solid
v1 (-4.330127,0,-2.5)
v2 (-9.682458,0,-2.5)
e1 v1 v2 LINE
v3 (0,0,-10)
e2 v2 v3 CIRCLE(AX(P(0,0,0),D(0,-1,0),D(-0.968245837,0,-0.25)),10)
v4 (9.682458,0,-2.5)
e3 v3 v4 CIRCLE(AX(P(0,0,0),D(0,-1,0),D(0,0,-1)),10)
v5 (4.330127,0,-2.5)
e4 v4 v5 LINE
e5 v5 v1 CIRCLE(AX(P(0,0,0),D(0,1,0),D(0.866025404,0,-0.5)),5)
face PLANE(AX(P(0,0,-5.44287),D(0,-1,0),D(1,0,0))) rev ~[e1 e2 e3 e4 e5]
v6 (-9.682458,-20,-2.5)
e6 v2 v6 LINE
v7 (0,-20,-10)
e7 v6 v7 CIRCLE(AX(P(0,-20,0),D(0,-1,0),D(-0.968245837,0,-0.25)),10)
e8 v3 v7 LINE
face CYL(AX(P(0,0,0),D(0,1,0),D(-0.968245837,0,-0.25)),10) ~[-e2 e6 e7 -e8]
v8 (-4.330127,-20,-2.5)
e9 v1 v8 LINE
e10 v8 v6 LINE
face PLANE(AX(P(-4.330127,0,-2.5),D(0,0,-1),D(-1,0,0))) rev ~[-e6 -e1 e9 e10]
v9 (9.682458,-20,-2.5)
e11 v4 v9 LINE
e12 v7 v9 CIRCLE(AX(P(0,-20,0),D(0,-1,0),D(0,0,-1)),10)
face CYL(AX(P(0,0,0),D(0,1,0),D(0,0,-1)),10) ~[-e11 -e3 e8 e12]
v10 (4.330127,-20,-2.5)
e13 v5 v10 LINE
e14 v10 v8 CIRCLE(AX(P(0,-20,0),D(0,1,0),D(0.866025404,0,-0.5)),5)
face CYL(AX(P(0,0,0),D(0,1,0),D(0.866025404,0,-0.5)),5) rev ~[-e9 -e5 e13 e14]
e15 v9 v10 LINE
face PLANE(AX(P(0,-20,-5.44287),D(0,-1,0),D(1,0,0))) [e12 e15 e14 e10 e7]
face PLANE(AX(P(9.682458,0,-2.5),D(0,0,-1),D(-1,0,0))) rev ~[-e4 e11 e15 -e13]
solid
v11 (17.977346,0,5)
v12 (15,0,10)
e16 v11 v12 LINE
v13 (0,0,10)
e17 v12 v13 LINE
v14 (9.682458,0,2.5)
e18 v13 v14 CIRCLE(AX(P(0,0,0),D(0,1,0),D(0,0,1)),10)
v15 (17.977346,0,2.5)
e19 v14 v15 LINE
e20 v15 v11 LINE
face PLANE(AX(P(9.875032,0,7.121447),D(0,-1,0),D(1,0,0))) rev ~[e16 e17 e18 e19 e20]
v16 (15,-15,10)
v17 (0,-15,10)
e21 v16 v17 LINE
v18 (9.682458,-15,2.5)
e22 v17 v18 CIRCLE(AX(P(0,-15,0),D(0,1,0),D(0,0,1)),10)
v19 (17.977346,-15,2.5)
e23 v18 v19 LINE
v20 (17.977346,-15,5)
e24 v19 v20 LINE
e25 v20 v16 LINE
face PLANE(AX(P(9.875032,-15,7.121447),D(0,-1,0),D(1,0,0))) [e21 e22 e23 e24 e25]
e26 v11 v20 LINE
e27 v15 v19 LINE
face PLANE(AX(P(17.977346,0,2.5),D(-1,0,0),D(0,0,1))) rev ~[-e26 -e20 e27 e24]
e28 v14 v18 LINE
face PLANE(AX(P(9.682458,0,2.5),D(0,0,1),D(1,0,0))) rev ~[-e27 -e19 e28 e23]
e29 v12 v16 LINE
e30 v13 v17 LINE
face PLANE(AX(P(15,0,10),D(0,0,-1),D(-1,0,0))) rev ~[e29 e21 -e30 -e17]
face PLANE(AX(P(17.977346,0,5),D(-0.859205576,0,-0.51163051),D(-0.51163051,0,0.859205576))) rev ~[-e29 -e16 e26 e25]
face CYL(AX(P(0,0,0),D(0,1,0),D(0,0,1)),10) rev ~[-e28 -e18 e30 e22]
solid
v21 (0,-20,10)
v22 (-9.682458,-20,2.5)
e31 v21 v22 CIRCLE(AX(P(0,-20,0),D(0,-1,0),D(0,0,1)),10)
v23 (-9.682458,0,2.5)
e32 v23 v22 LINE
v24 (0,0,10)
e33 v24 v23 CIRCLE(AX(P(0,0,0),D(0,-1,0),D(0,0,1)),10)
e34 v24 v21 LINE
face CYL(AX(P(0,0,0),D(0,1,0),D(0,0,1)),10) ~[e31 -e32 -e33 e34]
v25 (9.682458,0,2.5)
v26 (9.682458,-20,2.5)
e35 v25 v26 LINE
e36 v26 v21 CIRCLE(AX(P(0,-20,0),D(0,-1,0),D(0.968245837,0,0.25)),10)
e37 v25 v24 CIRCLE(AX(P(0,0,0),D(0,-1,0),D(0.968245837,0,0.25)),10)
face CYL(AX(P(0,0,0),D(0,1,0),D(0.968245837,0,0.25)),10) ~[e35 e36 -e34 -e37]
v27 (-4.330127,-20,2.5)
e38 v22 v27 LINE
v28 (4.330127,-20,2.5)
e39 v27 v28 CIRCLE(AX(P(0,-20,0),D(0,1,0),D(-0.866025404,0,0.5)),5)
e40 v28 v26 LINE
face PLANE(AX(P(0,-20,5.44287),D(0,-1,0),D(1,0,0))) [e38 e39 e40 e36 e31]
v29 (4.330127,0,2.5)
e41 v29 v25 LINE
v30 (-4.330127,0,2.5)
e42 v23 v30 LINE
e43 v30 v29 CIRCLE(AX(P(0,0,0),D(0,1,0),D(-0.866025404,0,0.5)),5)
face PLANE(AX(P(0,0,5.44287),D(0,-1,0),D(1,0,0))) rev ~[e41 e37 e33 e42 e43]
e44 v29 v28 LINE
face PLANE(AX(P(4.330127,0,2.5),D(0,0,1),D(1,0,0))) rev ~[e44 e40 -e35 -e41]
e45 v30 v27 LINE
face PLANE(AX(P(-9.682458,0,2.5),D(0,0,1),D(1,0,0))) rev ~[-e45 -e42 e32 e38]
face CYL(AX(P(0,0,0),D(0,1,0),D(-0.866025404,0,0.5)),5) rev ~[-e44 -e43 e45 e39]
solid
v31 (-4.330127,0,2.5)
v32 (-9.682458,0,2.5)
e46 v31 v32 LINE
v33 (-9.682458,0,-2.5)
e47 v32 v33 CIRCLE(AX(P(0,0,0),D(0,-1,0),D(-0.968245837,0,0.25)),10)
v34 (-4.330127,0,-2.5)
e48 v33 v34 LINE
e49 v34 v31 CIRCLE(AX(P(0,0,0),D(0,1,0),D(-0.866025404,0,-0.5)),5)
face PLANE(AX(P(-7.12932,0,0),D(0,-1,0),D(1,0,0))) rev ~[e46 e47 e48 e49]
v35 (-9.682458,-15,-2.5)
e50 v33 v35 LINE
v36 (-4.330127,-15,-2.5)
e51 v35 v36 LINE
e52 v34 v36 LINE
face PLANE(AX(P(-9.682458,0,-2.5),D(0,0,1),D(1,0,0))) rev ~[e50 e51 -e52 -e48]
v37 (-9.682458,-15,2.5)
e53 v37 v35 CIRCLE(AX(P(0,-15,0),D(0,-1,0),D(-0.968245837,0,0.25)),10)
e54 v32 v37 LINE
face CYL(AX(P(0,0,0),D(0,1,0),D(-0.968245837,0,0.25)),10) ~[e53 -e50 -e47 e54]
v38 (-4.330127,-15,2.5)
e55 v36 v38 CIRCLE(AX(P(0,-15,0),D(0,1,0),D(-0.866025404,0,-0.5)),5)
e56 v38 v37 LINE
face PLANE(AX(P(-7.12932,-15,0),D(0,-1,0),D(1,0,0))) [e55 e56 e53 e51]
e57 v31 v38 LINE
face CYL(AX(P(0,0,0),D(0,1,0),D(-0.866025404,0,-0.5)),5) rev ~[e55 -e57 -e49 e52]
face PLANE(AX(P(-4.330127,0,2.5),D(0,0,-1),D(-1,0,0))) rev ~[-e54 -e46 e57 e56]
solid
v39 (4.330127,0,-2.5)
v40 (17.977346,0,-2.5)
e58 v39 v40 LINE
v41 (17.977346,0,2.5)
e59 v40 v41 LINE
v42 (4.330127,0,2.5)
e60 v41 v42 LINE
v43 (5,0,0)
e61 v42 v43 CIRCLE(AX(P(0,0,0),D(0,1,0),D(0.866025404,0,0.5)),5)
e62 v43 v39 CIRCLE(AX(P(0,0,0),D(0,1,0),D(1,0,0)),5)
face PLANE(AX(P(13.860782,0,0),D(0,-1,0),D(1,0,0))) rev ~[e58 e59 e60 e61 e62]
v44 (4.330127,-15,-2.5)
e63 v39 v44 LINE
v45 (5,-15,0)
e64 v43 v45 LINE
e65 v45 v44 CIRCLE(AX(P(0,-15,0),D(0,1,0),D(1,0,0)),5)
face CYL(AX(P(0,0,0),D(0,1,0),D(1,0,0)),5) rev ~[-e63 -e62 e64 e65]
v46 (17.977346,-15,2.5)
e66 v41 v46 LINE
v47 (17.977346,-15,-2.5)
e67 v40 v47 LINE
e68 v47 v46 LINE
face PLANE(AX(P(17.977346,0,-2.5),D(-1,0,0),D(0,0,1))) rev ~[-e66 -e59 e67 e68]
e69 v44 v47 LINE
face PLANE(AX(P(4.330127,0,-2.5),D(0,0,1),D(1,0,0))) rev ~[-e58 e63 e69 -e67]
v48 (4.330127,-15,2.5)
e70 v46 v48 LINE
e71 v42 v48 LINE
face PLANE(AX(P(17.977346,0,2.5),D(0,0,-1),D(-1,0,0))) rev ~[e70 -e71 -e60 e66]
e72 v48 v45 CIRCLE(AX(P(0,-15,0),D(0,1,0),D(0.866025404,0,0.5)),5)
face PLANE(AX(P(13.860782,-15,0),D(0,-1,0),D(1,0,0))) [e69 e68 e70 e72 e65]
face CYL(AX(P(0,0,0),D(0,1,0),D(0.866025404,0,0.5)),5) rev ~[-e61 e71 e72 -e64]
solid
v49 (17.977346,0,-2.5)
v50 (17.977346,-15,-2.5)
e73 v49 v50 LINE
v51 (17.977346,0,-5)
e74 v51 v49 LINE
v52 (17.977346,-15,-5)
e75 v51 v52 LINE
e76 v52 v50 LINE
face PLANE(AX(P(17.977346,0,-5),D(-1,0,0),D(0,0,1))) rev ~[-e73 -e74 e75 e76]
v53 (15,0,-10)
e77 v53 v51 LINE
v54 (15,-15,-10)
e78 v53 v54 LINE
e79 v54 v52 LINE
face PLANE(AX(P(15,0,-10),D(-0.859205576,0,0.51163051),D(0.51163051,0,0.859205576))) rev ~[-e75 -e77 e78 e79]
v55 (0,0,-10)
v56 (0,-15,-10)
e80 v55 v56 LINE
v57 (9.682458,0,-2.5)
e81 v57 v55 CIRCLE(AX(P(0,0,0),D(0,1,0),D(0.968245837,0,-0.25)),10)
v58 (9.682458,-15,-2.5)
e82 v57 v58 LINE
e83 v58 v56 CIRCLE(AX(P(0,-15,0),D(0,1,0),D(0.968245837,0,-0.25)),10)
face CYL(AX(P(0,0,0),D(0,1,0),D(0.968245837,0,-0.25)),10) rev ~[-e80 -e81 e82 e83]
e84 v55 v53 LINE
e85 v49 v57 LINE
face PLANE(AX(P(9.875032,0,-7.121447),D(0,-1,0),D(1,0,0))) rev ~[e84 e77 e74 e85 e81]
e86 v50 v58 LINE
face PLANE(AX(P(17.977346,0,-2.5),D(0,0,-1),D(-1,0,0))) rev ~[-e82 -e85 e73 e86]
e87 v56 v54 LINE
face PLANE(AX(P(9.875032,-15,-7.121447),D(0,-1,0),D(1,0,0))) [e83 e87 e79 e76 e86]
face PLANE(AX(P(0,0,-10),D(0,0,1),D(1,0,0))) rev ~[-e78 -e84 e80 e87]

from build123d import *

# Parameters (mm, degrees)
F1_DEPTH = 20
F2_DEPTH = 15
F3_DEPTH = 15


with BuildPart() as f1:
    # F0 (on Front) → F1 (new body)
    with BuildSketch(Plane.XZ):
        with BuildLine():
            ThreePointArc((9.6824583655, 2.5), (6.123724357, 7.9056941504), (0, 10))
            ThreePointArc((0, 10), (-6.123724357, 7.9056941504), (-9.6824583655, 2.5))
            Line((-9.6824583655, 2.5), (-4.3301270189, 2.5))
            ThreePointArc((-4.3301270189, 2.5), (0, 5), (4.3301270189, 2.5))
            Line((4.3301270189, 2.5), (9.6824583655, 2.5))
        make_face()
    extrude(amount=F1_DEPTH)


with BuildPart() as f1b:
    # F0 (on Front) → F1, piece 2 (new body)
    with BuildSketch(Plane.XZ):
        with BuildLine():
            Line((-4.3301270189, -2.5), (-9.6824583655, -2.5))
            ThreePointArc((-9.6824583655, -2.5), (-6.123724357, -7.9056941504), (0, -10))
            ThreePointArc((0, -10), (6.123724357, -7.9056941504), (9.6824583655, -2.5))
            Line((9.6824583655, -2.5), (4.3301270189, -2.5))
            ThreePointArc((4.3301270189, -2.5), (0, -5), (-4.3301270189, -2.5))
        make_face()
    extrude(amount=F1_DEPTH)


with BuildPart() as f2:
    # F0 (on Front) → F2 (new body)
    with BuildSketch(Plane.XZ):
        with BuildLine():
            Line((15, 10), (0, 10))
            ThreePointArc((0, 10), (6.123724357, 7.9056941504), (9.6824583655, 2.5))
            Line((9.6824583655, 2.5), (17.9773463092, 2.5))
            Line((17.9773463092, 2.5), (17.9773463092, 5))
            Line((17.9773463092, 5), (15, 10))
        make_face()
    extrude(amount=F2_DEPTH)


with BuildPart() as f2b:
    # F0 (on Front) → F2, piece 2 (new body)
    with BuildSketch(Plane.XZ):
        with BuildLine():
            ThreePointArc((9.6824583655, -2.5), (6.123724357, -7.9056941504), (0, -10))
            Line((0, -10), (15, -10))
            Line((15, -10), (17.9773463092, -5))
            Line((17.9773463092, -5), (17.9773463092, -2.5))
            Line((17.9773463092, -2.5), (9.6824583655, -2.5))
        make_face()
    extrude(amount=F2_DEPTH)


with BuildPart() as f3:
    # F0 (on Front) → F3 (new body)
    with BuildSketch(Plane.XZ):
        with BuildLine():
            Line((17.9773463092, 2.5), (9.6824583655, 2.5))
            ThreePointArc((9.6824583655, 2.5), (9.9202969627, 1.2600429248), (10, 0))
            ThreePointArc((10, 0), (9.9202969627, -1.2600429248), (9.6824583655, -2.5))
            Line((9.6824583655, -2.5), (17.9773463092, -2.5))
            Line((17.9773463092, -2.5), (17.9773463092, 2.5))
        make_face()
        with BuildLine():
            ThreePointArc((10, 0), (9.9202969627, 1.2600429248), (9.6824583655, 2.5))
            Line((9.6824583655, 2.5), (4.3301270189, 2.5))
            ThreePointArc((4.3301270189, 2.5), (4.8296291314, 1.2940952255), (5, 0))
            ThreePointArc((5, 0), (4.8296291314, -1.2940952255), (4.3301270189, -2.5))
            Line((4.3301270189, -2.5), (9.6824583655, -2.5))
            ThreePointArc((9.6824583655, -2.5), (9.9202969627, -1.2600429248), (10, 0))
        make_face()
    extrude(amount=F3_DEPTH)


with BuildPart() as f3b:
    # F0 (on Front) → F3, piece 2 (new body)
    with BuildSketch(Plane.XZ):
        with BuildLine():
            Line((-4.3301270189, 2.5), (-9.6824583655, 2.5))
            ThreePointArc((-9.6824583655, 2.5), (-10, 0), (-9.6824583655, -2.5))
            Line((-9.6824583655, -2.5), (-4.3301270189, -2.5))
            ThreePointArc((-4.3301270189, -2.5), (-5, 0), (-4.3301270189, 2.5))
        make_face()
    extrude(amount=F3_DEPTH)


solid = Compound([f1.part, f1b.part, f2.part, f2b.part, f3.part, f3b.part])
